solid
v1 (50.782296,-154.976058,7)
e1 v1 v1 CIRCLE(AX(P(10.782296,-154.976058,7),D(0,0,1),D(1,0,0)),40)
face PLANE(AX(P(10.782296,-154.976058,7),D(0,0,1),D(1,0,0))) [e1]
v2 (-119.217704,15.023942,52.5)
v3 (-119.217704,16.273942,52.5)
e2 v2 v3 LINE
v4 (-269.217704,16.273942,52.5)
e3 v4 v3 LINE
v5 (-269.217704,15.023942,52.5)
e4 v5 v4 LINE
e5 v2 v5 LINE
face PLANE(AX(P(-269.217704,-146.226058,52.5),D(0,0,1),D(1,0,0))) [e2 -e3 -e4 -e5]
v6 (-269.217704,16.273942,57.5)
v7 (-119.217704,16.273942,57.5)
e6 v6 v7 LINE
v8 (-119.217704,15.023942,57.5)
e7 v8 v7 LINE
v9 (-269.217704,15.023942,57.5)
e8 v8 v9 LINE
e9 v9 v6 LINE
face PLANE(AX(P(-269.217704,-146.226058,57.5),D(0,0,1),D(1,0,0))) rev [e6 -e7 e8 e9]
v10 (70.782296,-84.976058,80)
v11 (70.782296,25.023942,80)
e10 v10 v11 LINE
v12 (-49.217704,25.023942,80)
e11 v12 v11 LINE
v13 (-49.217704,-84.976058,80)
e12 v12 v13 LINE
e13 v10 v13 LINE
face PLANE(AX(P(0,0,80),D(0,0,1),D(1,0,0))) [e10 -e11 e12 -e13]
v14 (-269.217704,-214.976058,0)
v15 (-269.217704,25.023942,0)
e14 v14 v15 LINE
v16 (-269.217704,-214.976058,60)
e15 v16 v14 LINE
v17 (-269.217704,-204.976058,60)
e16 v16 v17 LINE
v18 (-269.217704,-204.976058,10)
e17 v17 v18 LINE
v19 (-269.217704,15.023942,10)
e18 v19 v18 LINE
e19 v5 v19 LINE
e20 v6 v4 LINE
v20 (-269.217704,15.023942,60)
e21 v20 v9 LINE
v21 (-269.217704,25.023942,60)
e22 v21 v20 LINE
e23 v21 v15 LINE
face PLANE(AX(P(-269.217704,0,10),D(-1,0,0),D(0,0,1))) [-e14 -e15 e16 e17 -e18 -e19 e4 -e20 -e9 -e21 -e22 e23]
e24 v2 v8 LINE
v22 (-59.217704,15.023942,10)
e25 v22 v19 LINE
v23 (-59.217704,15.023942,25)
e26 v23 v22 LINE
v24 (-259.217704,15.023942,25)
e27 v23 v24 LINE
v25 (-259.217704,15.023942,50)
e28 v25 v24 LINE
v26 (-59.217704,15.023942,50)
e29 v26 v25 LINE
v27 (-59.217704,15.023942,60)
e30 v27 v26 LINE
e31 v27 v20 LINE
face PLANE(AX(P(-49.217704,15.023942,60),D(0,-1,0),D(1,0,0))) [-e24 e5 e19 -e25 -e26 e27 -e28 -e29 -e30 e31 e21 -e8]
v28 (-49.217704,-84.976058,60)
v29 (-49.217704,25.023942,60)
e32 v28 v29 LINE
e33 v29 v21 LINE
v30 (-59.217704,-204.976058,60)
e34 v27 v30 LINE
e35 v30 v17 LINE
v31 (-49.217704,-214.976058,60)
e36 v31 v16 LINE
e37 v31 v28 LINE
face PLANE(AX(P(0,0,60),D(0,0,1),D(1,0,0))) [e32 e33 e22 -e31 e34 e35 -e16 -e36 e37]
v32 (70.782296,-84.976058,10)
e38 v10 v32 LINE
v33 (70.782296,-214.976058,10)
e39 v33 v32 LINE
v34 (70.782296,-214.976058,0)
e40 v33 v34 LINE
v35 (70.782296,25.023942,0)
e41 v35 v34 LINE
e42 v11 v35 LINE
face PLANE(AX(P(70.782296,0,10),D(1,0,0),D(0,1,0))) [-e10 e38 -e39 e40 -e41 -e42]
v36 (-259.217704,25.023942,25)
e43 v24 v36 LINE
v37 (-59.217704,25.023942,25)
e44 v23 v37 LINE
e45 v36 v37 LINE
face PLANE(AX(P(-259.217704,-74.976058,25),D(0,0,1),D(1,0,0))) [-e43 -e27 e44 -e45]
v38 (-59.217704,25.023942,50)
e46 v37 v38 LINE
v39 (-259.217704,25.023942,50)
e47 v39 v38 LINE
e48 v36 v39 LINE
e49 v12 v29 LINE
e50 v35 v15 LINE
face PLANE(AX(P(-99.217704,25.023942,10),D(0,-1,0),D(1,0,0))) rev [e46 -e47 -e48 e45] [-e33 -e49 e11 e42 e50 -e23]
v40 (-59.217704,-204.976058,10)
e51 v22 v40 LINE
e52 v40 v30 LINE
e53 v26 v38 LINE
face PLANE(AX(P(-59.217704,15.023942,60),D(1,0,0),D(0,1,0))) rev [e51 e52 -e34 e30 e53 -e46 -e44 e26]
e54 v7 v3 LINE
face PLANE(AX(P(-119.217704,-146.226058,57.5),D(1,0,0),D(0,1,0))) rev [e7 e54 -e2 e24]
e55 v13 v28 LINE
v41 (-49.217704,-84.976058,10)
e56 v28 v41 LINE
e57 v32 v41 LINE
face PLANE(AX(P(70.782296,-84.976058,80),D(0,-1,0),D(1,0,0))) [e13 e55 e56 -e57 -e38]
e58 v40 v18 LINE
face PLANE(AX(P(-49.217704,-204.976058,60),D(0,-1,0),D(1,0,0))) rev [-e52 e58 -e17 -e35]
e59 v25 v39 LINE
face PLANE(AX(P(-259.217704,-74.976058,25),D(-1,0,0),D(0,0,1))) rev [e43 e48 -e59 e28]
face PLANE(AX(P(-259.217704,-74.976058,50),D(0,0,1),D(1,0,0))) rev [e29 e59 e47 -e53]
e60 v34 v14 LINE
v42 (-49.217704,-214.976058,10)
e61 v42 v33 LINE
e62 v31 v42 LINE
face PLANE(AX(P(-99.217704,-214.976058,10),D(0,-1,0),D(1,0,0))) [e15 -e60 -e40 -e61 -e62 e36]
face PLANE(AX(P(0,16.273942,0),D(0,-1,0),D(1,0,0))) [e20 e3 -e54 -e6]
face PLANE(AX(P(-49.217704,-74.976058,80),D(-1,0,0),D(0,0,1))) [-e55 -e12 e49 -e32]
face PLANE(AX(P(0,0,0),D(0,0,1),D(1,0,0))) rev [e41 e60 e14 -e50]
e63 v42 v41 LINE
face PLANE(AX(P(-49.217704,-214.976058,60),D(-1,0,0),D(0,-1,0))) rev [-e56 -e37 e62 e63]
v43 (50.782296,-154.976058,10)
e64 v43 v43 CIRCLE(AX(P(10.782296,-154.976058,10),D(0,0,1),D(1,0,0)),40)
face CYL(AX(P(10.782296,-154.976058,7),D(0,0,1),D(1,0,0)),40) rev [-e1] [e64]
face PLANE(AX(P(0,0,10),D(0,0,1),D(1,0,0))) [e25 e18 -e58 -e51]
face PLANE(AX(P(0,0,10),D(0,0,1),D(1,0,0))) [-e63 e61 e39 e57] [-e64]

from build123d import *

# Parameters (mm, degrees)
RESSALTO_EXTRUS_O1_DEPTH   = 10
ESBO_O2_W                  = 10
ESBO_O2_H                  = 10
ESBO_O2_W_2                = 210
ESBO_O2_H_2                = 220
RESSALTO_EXTRUS_O4_DEPTH   = 50
ESBO_O7_R                  = 40
CORTE_EXTRUS_O1_DEPTH      = 3
ESBO_O21_W                 = 200
ESBO_O21_H                 = 25
CORTE_EXTRUS_O5_DEPTH      = 100
CORTE_EXTRUS_O6_DEPTH      = 161.25
CORTE_EXTRUS_O6_DEPTH_BACK = 1.25
ESBO_O23_W                 = 150
ESBO_O23_H                 = 5
RESSALTO_EXTRUS_O5_DEPTH   = 70


with BuildPart() as part:
    # Esboço1 → Ressalto-extrusão1 (new body)
    with BuildSketch(Plane.XY):
        Polygon((-99.217703787, 25.02394247), (70.782296213, 25.02394247), (70.782296213, 0), (70.782296213, -214.97605753), (-99.217703787, -214.97605753), (-269.217703787, -214.97605753), (-269.217703787, 0), (-269.217703787, 25.02394247), align=None)
    extrude(amount=RESSALTO_EXTRUS_O1_DEPTH)

    # Esboço2 → Ressalto-extrusão4 (add)
    with BuildSketch(Plane.XY.offset(10)):
        with Locations((-54.217703787, -209.97605753)):
            Rectangle(ESBO_O2_W, ESBO_O2_H)
        with Locations((-164.217703787, -209.97605753)):
            Rectangle(ESBO_O2_W_2, ESBO_O2_H)
        with Locations((-54.217703787, -94.97605753)):
            Rectangle(ESBO_O2_W, ESBO_O2_H_2)
        Polygon((-59.217703787, 15.02394247), (-49.217703787, 15.02394247), (-49.217703787, 25.02394247), (-269.217703787, 25.02394247), (-269.217703787, 15.02394247), align=None)
    extrude(amount=RESSALTO_EXTRUS_O4_DEPTH)

    # Esboço7 → Corte-extrusão1 (cut)
    with BuildSketch(Plane.XY.offset(10)):
        with Locations((10.782296213, -154.97605753)):
            Circle(ESBO_O7_R)
    extrude(amount=-CORTE_EXTRUS_O1_DEPTH, mode=Mode.SUBTRACT)

    # Esboço21 → Corte-extrusão5 (cut)
    with BuildSketch(Plane(origin=(0, 25.02394247, 0), x_dir=(1, 0, 0), z_dir=(0, 1, 0))):
        with Locations((-159.217703787, -37.5)):
            Rectangle(ESBO_O21_W, ESBO_O21_H)
    extrude(amount=-CORTE_EXTRUS_O5_DEPTH, mode=Mode.SUBTRACT)

    # Esboço23 → Corte-extrusão6 (cut, two sides: drawn at the far end of the back side and taken through both)
    with BuildSketch(Plane.XZ.offset(-15.02394247).offset(-CORTE_EXTRUS_O6_DEPTH_BACK)):
        with Locations((-194.217703787, 55)):
            Rectangle(ESBO_O23_W, ESBO_O23_H)
    extrude(amount=CORTE_EXTRUS_O6_DEPTH + CORTE_EXTRUS_O6_DEPTH_BACK, mode=Mode.SUBTRACT)

    # Esboço28 → Ressalto-extrusão5 (add)
    with BuildSketch(Plane.XY.offset(10)):
        Polygon((70.782296213, -84.97605753), (70.782296213, 25.02394247), (60.782296213, 25.02394247), (-39.217703787, 25.02394247), (-49.217703787, 25.02394247), (-49.217703787, -74.97605753), (-49.217703787, -84.97605753), align=None)
    extrude(amount=RESSALTO_EXTRUS_O5_DEPTH)


solid = part.part
